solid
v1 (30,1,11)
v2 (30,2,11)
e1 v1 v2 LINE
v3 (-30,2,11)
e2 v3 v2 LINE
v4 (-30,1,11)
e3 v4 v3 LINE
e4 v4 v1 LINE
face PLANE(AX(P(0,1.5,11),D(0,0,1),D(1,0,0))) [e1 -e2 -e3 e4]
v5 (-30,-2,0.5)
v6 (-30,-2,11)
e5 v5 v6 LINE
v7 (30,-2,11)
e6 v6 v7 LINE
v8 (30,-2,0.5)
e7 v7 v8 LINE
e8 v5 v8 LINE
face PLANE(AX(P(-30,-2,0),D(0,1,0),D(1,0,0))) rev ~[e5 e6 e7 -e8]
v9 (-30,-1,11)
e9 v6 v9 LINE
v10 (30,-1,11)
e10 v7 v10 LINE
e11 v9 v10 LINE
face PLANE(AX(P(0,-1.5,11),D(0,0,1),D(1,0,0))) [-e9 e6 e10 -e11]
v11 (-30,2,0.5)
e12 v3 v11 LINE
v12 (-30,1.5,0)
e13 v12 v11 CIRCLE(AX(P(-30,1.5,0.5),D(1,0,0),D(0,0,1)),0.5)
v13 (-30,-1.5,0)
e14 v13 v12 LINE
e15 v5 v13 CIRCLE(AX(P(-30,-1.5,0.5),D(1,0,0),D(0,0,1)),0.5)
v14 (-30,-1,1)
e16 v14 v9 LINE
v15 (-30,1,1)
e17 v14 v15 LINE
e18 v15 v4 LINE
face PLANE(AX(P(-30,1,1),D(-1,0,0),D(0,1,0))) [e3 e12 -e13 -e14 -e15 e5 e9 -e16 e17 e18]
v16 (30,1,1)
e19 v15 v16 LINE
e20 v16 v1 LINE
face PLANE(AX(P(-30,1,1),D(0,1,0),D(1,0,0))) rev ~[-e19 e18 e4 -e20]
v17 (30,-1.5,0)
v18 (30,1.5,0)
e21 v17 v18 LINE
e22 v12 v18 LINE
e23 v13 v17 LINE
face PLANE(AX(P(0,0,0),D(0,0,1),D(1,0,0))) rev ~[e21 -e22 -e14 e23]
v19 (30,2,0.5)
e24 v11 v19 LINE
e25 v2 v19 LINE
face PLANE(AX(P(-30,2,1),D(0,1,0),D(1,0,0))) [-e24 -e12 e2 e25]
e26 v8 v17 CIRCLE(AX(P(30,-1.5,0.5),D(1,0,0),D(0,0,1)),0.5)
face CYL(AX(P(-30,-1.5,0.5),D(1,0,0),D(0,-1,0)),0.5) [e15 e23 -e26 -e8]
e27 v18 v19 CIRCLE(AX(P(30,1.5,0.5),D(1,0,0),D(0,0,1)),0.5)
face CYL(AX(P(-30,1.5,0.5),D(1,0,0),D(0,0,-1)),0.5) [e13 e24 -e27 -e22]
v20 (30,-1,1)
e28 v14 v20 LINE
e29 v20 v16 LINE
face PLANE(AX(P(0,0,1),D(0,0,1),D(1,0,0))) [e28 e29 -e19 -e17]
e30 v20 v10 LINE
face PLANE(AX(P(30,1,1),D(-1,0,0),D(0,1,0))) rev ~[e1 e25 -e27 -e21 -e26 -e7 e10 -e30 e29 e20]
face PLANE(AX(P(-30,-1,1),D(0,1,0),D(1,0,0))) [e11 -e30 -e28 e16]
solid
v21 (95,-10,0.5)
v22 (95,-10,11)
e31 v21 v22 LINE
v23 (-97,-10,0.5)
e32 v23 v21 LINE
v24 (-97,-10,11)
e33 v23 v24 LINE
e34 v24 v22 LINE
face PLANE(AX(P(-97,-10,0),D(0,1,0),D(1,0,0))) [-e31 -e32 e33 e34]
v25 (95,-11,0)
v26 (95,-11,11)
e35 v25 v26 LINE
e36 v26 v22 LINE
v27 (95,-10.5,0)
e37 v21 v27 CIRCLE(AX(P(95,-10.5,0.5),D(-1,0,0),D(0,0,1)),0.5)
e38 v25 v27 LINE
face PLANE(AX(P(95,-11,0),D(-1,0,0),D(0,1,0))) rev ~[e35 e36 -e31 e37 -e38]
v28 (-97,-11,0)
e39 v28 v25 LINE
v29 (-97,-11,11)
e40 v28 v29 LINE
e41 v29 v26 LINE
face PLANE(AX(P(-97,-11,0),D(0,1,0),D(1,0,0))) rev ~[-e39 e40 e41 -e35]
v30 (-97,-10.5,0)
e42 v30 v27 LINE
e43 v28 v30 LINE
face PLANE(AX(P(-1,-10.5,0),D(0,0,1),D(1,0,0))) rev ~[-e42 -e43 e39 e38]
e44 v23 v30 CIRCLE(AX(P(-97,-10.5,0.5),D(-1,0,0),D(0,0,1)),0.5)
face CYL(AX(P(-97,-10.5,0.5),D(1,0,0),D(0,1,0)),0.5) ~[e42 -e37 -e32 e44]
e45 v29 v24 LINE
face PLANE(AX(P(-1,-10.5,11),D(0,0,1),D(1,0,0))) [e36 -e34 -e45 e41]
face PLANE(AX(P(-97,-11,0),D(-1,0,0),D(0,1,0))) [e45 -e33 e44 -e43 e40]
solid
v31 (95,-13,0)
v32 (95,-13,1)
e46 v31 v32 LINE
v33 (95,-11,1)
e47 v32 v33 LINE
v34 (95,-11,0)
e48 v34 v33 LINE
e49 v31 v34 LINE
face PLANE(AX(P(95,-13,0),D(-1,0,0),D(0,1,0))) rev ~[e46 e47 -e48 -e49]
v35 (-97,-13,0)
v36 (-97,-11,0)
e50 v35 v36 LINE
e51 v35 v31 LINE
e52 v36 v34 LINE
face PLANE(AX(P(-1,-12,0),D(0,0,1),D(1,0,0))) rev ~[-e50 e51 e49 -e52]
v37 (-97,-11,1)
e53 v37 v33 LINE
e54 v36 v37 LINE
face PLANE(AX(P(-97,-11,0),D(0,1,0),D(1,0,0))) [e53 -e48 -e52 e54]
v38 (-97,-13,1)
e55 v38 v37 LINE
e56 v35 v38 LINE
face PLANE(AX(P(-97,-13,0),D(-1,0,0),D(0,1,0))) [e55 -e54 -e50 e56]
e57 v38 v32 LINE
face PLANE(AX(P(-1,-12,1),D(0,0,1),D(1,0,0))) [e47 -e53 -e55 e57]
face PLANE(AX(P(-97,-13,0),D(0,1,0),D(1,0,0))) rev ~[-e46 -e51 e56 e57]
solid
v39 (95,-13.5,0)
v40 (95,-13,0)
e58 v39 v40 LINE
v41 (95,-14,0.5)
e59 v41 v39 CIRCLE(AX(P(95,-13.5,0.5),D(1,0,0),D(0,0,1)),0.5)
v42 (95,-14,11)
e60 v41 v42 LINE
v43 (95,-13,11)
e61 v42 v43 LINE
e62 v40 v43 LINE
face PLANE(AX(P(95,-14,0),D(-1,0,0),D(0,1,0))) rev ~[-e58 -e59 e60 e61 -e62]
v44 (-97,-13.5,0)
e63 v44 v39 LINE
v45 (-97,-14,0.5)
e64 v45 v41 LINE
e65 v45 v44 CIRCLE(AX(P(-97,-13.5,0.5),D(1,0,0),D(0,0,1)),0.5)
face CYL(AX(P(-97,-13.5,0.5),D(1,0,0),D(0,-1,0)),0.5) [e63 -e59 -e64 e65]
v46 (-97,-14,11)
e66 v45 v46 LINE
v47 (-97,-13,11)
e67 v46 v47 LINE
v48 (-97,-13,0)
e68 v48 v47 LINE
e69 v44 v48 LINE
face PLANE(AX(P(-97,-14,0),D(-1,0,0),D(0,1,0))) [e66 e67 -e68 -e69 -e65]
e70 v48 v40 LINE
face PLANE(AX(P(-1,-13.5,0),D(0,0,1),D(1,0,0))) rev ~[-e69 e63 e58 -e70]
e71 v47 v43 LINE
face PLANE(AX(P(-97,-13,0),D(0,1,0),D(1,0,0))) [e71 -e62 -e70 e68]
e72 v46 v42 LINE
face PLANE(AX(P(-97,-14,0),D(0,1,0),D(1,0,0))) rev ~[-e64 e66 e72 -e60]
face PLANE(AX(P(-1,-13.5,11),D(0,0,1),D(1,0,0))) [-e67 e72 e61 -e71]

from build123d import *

# Parameters (mm, degrees)
F0_W     = 60
F0_H     = 4
F1_DEPTH = 1
F2_W     = 60
F2_H     = 1
F3_DEPTH = 10
F4_R     = 0.5
F5_W     = 192
F5_H     = 1
F6_DEPTH = 11
F5_H_2   = 2
F7_DEPTH = 1
F8_R     = 0.5


with BuildPart() as f1:
    # F0 (on Top) → F1 (new body)
    with BuildSketch(Plane.XY):
        Rectangle(F0_W, F0_H)
    extrude(amount=F1_DEPTH)

    # F2 (on face) → F3 (join)
    with BuildSketch(Plane.XY.offset(1)):
        with Locations((0, 1.5)):
            Rectangle(F2_W, F2_H)
        with Locations((0, -1.5)):
            Rectangle(F2_W, F2_H)
    extrude(amount=F3_DEPTH)

    # F4
    f4_edges = [f1.edges().sort_by_distance(p)[0] for p in [
        (0, -2, 0),
        (0, 2, 0),
    ]]
    fillet(f4_edges, radius=F4_R)


with BuildPart() as f6:
    # F5 (on Top) → F6 (new body)
    with BuildSketch(Plane.XY):
        with Locations((-1, -10.5)):
            Rectangle(F5_W, F5_H)
        with Locations((-1, -13.5)):
            Rectangle(F5_W, F5_H)
    extrude(amount=F6_DEPTH)

    # F8
    f8_edges = [f6.edges().sort_by_distance(p)[0] for p in [
        (-1, -14, 0),
        (-1, -10, 0),
    ]]
    fillet(f8_edges, radius=F8_R)


with BuildPart() as f7:
    # F5 (on Top) → F7 (new body)
    with BuildSketch(Plane.XY):
        with Locations((-1, -12)):
            Rectangle(F5_W, F5_H_2)
    extrude(amount=F7_DEPTH)


solid = Compound([f1.part, f6.part, f7.part])
